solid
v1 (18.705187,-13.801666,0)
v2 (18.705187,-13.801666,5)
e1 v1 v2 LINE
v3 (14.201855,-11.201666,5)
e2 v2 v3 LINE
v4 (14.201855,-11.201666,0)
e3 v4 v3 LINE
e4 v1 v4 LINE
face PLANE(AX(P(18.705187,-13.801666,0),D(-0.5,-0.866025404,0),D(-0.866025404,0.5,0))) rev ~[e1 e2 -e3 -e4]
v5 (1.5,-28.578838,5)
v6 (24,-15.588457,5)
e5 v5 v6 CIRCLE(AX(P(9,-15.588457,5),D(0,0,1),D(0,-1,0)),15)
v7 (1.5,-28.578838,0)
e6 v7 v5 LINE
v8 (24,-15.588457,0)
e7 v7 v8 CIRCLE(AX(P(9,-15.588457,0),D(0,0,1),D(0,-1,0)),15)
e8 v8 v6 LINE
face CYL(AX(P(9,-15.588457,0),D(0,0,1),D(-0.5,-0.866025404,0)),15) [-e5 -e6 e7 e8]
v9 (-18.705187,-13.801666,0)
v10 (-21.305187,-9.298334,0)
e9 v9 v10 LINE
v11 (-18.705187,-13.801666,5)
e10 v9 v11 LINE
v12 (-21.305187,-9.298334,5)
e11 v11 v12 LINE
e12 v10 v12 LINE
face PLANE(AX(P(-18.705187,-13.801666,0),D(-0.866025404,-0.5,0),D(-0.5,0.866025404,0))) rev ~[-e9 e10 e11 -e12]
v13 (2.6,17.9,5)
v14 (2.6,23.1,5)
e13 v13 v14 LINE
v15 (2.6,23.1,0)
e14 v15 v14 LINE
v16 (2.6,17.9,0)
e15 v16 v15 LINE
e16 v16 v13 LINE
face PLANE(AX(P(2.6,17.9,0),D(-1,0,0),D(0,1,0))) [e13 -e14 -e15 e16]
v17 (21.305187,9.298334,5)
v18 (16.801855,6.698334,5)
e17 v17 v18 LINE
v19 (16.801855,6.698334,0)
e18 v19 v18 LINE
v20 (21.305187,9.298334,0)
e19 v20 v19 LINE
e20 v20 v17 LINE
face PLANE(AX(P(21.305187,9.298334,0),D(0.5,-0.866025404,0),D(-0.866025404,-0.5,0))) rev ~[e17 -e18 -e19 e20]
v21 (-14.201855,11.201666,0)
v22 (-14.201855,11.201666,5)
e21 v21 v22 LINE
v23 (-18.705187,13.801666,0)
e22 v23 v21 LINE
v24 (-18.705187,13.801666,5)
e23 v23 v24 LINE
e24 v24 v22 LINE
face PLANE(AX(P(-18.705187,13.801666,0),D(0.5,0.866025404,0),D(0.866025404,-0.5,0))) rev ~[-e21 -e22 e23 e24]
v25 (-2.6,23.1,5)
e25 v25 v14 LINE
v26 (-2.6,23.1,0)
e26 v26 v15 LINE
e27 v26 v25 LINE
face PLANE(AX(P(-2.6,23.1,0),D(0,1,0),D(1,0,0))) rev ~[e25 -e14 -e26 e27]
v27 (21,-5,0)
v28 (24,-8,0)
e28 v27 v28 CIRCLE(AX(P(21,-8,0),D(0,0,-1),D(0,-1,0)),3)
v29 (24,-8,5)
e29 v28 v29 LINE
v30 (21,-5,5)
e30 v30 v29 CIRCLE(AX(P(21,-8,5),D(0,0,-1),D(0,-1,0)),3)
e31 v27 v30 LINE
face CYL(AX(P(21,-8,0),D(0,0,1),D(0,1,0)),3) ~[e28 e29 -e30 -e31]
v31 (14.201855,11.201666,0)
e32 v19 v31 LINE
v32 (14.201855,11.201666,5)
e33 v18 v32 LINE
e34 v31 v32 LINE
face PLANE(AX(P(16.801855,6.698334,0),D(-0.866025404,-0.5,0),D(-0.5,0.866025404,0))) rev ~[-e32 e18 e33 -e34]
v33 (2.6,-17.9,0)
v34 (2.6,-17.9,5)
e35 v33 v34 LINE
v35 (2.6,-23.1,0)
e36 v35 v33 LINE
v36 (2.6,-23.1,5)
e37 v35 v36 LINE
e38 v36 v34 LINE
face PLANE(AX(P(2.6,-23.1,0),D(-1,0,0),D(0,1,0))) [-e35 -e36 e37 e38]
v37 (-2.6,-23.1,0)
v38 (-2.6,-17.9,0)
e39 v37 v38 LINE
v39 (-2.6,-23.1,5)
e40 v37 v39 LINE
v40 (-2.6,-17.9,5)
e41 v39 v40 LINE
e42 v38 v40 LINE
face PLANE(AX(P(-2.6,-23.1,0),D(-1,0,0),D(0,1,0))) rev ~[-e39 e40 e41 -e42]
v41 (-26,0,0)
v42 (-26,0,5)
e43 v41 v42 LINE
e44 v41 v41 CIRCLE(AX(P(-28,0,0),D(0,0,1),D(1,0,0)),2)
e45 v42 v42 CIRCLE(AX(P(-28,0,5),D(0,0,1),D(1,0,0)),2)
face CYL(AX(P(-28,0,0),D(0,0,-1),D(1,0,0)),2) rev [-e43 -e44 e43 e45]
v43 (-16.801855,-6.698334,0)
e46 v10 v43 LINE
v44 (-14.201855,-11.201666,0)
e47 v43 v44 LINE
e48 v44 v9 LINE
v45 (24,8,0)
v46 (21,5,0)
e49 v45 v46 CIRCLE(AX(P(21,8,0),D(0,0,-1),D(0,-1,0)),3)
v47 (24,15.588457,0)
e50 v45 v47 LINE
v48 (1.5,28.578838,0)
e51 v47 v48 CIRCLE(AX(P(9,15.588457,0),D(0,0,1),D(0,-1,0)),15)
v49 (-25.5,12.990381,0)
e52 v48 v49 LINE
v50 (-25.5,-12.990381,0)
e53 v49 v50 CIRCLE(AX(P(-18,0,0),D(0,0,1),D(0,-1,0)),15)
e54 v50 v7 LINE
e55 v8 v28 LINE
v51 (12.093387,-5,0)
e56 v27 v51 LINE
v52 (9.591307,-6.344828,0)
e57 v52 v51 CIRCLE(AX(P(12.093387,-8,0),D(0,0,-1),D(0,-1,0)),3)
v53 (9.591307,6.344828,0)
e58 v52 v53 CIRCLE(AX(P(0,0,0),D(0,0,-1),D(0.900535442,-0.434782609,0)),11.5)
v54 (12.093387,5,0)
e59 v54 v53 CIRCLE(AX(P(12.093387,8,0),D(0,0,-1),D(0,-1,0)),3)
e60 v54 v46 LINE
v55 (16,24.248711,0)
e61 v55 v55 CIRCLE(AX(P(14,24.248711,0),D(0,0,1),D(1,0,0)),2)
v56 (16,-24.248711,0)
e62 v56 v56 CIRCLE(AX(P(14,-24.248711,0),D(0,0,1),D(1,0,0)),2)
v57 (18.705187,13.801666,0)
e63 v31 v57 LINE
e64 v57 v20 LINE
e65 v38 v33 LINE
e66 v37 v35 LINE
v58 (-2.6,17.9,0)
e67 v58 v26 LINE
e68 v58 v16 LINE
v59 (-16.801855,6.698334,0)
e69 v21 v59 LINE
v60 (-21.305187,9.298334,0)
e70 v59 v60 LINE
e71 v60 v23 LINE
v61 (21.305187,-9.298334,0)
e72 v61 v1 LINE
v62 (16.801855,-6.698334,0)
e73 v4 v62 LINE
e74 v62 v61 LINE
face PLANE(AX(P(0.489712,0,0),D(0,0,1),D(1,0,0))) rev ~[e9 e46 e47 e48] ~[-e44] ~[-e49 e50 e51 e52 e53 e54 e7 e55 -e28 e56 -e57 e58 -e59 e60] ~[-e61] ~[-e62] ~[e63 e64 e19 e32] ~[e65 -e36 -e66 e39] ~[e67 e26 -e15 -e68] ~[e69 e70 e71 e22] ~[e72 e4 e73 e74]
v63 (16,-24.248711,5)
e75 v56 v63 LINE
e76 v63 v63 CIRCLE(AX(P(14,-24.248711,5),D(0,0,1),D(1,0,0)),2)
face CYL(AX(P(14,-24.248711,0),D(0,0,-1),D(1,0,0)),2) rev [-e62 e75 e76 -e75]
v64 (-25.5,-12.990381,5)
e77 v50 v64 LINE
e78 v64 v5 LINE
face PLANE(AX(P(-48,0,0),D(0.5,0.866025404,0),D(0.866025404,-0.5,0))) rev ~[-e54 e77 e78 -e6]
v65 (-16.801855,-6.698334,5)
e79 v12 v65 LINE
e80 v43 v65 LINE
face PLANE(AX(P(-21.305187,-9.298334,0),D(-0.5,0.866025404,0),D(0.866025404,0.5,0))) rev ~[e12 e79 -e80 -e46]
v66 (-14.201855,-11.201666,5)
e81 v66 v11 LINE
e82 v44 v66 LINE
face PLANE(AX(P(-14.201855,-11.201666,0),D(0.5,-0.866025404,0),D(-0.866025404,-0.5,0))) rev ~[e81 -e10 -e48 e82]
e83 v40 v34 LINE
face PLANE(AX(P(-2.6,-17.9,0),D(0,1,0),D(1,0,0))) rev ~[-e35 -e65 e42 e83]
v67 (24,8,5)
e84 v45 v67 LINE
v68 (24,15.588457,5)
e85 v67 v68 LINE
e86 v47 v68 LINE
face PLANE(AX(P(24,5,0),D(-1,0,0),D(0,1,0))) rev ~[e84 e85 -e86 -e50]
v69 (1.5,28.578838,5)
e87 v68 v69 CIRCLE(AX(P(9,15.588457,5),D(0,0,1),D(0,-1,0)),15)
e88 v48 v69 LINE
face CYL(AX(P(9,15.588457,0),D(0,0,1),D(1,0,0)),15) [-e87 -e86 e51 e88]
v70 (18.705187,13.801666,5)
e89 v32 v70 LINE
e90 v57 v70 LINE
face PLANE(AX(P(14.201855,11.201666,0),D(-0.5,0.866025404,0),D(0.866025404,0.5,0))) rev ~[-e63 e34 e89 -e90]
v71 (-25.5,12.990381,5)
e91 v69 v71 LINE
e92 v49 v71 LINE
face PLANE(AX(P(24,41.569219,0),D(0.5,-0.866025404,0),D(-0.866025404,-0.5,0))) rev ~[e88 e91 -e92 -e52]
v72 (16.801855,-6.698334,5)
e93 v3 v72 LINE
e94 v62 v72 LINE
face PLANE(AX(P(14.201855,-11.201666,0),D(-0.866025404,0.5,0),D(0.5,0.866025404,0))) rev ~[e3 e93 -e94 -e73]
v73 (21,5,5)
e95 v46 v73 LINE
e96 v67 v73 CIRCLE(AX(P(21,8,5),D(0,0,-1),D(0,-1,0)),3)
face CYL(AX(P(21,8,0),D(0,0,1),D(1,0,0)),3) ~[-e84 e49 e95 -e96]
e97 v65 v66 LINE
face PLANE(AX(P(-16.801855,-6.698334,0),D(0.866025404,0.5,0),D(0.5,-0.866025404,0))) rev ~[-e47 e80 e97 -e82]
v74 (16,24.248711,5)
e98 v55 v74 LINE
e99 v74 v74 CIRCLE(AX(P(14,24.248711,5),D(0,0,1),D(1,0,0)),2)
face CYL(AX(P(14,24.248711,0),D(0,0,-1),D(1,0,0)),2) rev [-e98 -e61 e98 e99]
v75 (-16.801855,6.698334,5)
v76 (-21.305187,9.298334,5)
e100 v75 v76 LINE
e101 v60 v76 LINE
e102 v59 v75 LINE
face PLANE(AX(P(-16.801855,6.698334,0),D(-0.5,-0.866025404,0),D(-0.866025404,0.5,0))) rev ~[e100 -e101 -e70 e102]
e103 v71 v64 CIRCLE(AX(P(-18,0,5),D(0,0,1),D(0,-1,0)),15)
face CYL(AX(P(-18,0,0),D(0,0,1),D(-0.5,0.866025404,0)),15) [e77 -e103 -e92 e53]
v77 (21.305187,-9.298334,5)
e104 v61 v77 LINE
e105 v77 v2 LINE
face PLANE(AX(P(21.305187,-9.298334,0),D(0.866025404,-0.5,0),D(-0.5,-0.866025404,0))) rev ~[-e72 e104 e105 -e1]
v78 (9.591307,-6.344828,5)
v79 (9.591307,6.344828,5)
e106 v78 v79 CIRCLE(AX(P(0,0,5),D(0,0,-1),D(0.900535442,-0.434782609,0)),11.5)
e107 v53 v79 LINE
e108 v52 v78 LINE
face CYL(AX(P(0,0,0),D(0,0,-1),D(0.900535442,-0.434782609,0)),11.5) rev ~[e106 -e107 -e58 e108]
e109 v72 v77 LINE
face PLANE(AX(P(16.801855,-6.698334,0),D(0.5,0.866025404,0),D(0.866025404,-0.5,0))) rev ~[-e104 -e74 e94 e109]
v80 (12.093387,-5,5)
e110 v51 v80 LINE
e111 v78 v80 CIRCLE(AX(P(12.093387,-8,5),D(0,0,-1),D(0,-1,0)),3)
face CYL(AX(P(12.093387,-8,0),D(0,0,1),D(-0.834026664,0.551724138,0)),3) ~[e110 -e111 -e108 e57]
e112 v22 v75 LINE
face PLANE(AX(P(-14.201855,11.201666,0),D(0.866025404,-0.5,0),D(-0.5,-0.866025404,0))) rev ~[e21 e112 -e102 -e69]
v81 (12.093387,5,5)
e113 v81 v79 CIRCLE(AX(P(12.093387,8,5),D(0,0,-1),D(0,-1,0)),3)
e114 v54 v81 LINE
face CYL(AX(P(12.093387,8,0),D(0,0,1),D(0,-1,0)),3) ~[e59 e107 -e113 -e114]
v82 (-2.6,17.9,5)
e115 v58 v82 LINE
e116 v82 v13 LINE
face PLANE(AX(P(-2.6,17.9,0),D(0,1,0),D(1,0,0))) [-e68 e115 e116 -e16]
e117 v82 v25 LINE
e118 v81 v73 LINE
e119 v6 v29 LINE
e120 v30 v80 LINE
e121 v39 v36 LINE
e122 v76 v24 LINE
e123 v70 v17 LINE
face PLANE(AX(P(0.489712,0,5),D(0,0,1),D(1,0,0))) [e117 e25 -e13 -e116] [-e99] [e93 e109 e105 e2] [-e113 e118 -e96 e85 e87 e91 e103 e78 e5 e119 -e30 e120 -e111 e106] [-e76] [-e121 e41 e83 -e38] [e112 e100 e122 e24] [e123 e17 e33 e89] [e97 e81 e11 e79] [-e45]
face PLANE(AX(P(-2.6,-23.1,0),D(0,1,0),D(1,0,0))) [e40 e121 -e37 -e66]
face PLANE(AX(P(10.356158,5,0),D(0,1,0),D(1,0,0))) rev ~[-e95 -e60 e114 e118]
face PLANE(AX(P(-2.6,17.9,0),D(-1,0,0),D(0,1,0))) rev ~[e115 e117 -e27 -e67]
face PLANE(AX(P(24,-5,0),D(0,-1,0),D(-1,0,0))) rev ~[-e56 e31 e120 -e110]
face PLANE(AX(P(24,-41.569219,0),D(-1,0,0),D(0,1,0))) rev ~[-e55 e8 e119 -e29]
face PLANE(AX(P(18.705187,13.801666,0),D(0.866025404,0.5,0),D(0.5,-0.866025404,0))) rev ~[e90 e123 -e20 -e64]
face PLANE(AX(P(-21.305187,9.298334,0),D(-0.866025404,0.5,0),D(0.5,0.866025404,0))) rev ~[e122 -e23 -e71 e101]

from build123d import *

# Parameters (mm, degrees)
SKETCH1_R           = 2
SKETCH1_W           = 5.2
SKETCH1_H           = 5.2
BOSS_EXTRUDE1_DEPTH = 5
CONG_1_R            = 15
CONG_2_R            = 3


with BuildPart() as part:
    # Sketch1 → Boss-Extrude1 (new body)
    with BuildSketch(Plane.XY):
        with BuildLine():
            Line((24, 5), (24, 41.569219382))
            Line((24, 41.569219382), (-48, 0))
            Line((-48, 0), (24, -41.569219382))
            Line((24, -41.569219382), (24, -5))
            Line((24, -5), (10.356157589, -5))
            ThreePointArc((10.356157589, -5), (-11.5, 0), (10.356157589, 5))
            Line((10.356157589, 5), (24, 5))
        make_face()
        with Locations((14, 24.248711306)):
            Circle(SKETCH1_R, mode=Mode.SUBTRACT)
        with Locations((14, -24.248711306)):
            Circle(SKETCH1_R, mode=Mode.SUBTRACT)
        with Locations((-28, 0)):
            Circle(SKETCH1_R, mode=Mode.SUBTRACT)
        with Locations((0, 20.5)):
            Rectangle(SKETCH1_W, SKETCH1_H, mode=Mode.SUBTRACT)
        Polygon((21.305186827, 9.29833395), (16.801854728, 6.69833395), (14.201854728, 11.20166605), (18.705186827, 13.80166605), align=None, mode=Mode.SUBTRACT)
        Polygon((18.705186827, -13.80166605), (14.201854728, -11.20166605), (16.801854728, -6.69833395), (21.305186827, -9.29833395), align=None, mode=Mode.SUBTRACT)
        with Locations((0, -20.5)):
            Rectangle(SKETCH1_W, SKETCH1_H, mode=Mode.SUBTRACT)
        Polygon((-21.305186827, -9.29833395), (-16.801854728, -6.69833395), (-14.201854728, -11.20166605), (-18.705186827, -13.80166605), align=None, mode=Mode.SUBTRACT)
        Polygon((-18.705186827, 13.80166605), (-14.201854728, 11.20166605), (-16.801854728, 6.69833395), (-21.305186827, 9.29833395), align=None, mode=Mode.SUBTRACT)
    extrude(amount=BOSS_EXTRUDE1_DEPTH)

    # Congé1
    cong_1_edges = [part.edges().sort_by_distance(p)[0] for p in [
        (24, -41.569219382, 2.5),
        (-48, 0, 2.5),
        (24, 41.569219382, 2.5),
    ]]
    fillet(cong_1_edges, radius=CONG_1_R)

    # Congé2
    cong_2_edges = [part.edges().sort_by_distance(p)[0] for p in [
        (10.356157589, 5, 2.5),
        (10.356157589, -5, 2.5),
        (24, -5, 2.5),
        (24, 5, 2.5),
    ]]
    fillet(cong_2_edges, radius=CONG_2_R)


solid = part.part
